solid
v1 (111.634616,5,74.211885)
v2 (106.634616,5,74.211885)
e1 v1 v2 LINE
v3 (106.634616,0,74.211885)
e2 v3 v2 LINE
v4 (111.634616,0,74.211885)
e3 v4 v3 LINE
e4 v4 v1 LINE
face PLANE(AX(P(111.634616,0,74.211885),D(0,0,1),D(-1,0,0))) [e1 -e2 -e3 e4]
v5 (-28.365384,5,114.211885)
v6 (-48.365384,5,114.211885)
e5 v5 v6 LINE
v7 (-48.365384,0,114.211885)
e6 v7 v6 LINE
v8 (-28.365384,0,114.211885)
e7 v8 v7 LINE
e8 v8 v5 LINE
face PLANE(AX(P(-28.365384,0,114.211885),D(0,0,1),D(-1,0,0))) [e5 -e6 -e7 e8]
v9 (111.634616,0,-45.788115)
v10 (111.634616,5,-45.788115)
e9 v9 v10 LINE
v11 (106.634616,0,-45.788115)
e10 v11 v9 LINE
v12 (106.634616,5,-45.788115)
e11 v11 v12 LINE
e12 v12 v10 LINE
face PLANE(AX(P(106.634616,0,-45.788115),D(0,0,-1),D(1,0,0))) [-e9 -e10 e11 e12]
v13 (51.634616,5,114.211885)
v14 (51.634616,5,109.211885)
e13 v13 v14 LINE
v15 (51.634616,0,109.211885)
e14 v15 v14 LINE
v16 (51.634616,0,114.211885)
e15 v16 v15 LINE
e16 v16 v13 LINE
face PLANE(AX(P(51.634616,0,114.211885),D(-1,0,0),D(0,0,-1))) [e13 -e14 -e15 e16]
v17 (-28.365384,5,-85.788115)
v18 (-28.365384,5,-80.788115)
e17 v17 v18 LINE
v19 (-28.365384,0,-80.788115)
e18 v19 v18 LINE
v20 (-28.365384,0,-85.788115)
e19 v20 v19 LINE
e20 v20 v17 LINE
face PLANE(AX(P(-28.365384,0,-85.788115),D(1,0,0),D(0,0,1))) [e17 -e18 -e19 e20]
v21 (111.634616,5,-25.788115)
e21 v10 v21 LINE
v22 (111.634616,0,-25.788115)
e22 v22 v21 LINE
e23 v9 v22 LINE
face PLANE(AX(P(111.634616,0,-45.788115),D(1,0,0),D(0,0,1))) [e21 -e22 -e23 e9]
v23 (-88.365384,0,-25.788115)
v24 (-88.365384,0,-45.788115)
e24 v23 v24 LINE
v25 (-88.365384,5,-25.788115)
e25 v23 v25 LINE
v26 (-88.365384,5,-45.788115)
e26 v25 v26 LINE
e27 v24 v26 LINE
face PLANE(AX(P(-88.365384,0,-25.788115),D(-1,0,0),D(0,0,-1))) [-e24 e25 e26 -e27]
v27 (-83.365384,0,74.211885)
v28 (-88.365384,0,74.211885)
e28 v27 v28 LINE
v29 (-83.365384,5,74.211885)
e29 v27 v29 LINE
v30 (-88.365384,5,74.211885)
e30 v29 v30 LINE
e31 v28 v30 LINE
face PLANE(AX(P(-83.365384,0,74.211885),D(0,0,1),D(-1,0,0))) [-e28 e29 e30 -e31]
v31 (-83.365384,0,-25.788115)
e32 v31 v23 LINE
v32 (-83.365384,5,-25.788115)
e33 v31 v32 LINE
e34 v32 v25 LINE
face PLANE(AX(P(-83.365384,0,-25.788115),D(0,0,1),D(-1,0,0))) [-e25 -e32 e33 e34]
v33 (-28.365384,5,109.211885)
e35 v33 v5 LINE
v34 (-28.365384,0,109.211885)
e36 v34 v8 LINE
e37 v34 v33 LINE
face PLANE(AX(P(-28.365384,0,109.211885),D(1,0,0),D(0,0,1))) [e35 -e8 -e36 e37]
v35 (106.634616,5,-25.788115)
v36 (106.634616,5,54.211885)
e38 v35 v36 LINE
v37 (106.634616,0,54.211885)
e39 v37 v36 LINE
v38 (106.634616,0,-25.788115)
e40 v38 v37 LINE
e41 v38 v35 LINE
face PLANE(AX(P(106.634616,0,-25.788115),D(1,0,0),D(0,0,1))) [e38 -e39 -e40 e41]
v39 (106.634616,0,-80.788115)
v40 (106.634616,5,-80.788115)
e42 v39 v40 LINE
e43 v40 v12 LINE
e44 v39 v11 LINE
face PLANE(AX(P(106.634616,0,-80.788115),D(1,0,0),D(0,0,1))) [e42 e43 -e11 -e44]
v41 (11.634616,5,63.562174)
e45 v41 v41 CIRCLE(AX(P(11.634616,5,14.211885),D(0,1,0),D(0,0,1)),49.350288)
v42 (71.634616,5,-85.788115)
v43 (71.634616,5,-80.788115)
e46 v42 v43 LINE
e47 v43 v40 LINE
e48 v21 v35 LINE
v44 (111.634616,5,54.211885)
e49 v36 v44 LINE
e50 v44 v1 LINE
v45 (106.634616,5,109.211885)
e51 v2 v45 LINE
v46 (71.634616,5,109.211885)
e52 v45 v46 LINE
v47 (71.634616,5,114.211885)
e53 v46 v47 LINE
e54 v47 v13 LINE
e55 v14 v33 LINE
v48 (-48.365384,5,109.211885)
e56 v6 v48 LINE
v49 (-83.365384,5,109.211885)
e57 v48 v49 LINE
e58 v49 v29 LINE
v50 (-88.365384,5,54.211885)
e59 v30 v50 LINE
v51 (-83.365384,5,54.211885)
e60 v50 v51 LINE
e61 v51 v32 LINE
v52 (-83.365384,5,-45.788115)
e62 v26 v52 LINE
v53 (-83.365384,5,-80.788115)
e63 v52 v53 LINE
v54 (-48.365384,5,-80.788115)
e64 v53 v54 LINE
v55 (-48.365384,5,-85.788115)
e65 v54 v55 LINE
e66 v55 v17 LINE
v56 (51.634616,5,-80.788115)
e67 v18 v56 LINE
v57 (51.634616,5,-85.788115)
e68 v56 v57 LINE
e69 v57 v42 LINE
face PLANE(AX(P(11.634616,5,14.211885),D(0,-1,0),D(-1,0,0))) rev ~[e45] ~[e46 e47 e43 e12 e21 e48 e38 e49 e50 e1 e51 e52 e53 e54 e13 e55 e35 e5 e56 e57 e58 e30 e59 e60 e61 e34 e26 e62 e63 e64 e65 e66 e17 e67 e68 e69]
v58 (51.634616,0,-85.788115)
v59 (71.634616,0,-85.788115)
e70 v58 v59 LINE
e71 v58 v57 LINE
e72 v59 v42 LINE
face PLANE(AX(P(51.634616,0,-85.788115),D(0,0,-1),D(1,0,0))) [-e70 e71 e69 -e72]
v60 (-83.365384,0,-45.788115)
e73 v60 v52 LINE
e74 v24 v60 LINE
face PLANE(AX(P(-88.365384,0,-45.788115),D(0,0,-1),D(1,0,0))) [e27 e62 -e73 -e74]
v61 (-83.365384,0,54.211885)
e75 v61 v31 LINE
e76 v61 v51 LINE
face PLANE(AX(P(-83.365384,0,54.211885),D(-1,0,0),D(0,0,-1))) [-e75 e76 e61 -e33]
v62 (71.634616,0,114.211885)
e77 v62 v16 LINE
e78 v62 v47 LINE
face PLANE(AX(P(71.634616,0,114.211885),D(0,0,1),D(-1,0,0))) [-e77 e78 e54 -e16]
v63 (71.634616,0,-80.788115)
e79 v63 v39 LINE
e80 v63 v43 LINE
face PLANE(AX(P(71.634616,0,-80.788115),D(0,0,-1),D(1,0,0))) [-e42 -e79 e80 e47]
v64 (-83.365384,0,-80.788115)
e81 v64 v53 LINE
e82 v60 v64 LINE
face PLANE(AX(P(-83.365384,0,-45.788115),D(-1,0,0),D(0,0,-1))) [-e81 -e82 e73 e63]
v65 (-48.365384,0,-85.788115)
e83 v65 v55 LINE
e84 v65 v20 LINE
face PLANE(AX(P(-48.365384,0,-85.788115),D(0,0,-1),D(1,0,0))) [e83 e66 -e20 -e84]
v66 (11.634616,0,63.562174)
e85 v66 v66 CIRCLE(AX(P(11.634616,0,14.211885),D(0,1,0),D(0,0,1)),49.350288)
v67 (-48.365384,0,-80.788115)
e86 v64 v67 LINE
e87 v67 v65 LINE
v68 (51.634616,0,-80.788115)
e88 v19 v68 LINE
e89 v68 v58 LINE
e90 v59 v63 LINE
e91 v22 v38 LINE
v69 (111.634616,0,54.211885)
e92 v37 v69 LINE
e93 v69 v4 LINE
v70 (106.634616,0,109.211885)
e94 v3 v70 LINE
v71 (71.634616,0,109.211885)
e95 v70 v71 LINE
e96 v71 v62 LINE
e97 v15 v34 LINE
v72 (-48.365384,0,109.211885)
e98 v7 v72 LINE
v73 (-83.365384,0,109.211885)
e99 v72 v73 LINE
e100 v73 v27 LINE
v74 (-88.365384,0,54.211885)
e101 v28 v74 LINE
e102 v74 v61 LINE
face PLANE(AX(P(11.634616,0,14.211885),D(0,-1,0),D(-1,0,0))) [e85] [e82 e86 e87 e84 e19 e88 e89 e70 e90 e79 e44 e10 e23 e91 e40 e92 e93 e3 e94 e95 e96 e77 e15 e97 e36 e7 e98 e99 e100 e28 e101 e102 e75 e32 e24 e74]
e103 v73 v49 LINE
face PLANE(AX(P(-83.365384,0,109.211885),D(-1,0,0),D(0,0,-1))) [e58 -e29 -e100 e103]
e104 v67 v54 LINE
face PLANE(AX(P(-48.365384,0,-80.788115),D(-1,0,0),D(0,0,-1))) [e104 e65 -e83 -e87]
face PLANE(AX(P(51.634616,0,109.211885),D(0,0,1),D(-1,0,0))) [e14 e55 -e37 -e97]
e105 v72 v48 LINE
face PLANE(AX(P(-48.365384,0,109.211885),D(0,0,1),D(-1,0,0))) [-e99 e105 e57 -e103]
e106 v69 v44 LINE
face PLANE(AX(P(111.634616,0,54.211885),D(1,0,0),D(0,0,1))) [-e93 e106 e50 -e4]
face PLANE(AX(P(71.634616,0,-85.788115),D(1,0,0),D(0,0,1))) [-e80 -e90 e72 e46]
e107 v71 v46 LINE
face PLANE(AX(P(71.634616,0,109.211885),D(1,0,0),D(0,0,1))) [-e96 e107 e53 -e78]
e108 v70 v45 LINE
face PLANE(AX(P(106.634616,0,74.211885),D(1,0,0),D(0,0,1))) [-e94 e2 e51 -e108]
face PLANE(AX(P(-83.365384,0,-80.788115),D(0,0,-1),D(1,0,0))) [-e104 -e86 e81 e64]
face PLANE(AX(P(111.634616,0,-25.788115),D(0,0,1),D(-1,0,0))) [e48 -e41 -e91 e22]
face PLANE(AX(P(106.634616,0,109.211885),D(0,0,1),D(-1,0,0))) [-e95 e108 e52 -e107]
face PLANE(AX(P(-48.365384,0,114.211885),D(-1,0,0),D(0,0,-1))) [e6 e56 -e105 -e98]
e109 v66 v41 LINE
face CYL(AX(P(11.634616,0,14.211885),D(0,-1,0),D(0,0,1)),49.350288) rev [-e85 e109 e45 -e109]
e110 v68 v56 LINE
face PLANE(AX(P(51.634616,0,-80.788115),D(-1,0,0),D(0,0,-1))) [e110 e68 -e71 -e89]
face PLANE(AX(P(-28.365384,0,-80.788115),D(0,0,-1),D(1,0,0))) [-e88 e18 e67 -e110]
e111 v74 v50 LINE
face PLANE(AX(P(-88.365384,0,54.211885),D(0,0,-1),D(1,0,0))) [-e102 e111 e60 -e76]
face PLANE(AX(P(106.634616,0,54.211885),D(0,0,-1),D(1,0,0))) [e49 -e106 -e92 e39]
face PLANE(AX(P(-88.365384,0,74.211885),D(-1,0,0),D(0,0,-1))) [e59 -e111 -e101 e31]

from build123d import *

# Parameters (mm, degrees)
SKETCH1_R           = 49.350288425
BOSS_EXTRUDE2_DEPTH = 5


with BuildPart() as part:
    # Sketch1 → Boss-Extrude2 (new body)
    with BuildSketch(Plane(origin=(0, 0, 0), x_dir=(1, 0, 0), z_dir=(0, 1, 0))):
        Polygon((-83.365383717, 80.788114626), (-48.365383717, 80.788114626), (-48.365383717, 85.788114626), (-28.365383717, 85.788114626), (-28.365383717, 80.788114626), (51.634616283, 80.788114626), (51.634616283, 85.788114626), (71.634616283, 85.788114626), (71.634616283, 80.788114626), (106.634616283, 80.788114626), (106.634616283, 45.788114626), (111.634616283, 45.788114626), (111.634616283, 25.788114626), (106.634616283, 25.788114626), (106.634616283, -54.211885374), (111.634616283, -54.211885374), (111.634616283, -74.211885374), (106.634616283, -74.211885374), (106.634616283, -109.211885374), (71.634616283, -109.211885374), (71.634616283, -114.211885374), (51.634616283, -114.211885374), (51.634616283, -109.211885374), (-28.365383717, -109.211885374), (-28.365383717, -114.211885374), (-48.365383717, -114.211885374), (-48.365383717, -109.211885374), (-83.365383717, -109.211885374), (-83.365383717, -74.211885374), (-88.365383717, -74.211885374), (-88.365383717, -54.211885374), (-83.365383717, -54.211885374), (-83.365383717, 25.788114626), (-88.365383717, 25.788114626), (-88.365383717, 45.788114626), (-83.365383717, 45.788114626), align=None)
        with Locations(Location((11.634616283, -14.211885374, 0), (0, 0, 270))):
            Circle(SKETCH1_R, mode=Mode.SUBTRACT)
    extrude(amount=BOSS_EXTRUDE2_DEPTH)


solid = part.part
